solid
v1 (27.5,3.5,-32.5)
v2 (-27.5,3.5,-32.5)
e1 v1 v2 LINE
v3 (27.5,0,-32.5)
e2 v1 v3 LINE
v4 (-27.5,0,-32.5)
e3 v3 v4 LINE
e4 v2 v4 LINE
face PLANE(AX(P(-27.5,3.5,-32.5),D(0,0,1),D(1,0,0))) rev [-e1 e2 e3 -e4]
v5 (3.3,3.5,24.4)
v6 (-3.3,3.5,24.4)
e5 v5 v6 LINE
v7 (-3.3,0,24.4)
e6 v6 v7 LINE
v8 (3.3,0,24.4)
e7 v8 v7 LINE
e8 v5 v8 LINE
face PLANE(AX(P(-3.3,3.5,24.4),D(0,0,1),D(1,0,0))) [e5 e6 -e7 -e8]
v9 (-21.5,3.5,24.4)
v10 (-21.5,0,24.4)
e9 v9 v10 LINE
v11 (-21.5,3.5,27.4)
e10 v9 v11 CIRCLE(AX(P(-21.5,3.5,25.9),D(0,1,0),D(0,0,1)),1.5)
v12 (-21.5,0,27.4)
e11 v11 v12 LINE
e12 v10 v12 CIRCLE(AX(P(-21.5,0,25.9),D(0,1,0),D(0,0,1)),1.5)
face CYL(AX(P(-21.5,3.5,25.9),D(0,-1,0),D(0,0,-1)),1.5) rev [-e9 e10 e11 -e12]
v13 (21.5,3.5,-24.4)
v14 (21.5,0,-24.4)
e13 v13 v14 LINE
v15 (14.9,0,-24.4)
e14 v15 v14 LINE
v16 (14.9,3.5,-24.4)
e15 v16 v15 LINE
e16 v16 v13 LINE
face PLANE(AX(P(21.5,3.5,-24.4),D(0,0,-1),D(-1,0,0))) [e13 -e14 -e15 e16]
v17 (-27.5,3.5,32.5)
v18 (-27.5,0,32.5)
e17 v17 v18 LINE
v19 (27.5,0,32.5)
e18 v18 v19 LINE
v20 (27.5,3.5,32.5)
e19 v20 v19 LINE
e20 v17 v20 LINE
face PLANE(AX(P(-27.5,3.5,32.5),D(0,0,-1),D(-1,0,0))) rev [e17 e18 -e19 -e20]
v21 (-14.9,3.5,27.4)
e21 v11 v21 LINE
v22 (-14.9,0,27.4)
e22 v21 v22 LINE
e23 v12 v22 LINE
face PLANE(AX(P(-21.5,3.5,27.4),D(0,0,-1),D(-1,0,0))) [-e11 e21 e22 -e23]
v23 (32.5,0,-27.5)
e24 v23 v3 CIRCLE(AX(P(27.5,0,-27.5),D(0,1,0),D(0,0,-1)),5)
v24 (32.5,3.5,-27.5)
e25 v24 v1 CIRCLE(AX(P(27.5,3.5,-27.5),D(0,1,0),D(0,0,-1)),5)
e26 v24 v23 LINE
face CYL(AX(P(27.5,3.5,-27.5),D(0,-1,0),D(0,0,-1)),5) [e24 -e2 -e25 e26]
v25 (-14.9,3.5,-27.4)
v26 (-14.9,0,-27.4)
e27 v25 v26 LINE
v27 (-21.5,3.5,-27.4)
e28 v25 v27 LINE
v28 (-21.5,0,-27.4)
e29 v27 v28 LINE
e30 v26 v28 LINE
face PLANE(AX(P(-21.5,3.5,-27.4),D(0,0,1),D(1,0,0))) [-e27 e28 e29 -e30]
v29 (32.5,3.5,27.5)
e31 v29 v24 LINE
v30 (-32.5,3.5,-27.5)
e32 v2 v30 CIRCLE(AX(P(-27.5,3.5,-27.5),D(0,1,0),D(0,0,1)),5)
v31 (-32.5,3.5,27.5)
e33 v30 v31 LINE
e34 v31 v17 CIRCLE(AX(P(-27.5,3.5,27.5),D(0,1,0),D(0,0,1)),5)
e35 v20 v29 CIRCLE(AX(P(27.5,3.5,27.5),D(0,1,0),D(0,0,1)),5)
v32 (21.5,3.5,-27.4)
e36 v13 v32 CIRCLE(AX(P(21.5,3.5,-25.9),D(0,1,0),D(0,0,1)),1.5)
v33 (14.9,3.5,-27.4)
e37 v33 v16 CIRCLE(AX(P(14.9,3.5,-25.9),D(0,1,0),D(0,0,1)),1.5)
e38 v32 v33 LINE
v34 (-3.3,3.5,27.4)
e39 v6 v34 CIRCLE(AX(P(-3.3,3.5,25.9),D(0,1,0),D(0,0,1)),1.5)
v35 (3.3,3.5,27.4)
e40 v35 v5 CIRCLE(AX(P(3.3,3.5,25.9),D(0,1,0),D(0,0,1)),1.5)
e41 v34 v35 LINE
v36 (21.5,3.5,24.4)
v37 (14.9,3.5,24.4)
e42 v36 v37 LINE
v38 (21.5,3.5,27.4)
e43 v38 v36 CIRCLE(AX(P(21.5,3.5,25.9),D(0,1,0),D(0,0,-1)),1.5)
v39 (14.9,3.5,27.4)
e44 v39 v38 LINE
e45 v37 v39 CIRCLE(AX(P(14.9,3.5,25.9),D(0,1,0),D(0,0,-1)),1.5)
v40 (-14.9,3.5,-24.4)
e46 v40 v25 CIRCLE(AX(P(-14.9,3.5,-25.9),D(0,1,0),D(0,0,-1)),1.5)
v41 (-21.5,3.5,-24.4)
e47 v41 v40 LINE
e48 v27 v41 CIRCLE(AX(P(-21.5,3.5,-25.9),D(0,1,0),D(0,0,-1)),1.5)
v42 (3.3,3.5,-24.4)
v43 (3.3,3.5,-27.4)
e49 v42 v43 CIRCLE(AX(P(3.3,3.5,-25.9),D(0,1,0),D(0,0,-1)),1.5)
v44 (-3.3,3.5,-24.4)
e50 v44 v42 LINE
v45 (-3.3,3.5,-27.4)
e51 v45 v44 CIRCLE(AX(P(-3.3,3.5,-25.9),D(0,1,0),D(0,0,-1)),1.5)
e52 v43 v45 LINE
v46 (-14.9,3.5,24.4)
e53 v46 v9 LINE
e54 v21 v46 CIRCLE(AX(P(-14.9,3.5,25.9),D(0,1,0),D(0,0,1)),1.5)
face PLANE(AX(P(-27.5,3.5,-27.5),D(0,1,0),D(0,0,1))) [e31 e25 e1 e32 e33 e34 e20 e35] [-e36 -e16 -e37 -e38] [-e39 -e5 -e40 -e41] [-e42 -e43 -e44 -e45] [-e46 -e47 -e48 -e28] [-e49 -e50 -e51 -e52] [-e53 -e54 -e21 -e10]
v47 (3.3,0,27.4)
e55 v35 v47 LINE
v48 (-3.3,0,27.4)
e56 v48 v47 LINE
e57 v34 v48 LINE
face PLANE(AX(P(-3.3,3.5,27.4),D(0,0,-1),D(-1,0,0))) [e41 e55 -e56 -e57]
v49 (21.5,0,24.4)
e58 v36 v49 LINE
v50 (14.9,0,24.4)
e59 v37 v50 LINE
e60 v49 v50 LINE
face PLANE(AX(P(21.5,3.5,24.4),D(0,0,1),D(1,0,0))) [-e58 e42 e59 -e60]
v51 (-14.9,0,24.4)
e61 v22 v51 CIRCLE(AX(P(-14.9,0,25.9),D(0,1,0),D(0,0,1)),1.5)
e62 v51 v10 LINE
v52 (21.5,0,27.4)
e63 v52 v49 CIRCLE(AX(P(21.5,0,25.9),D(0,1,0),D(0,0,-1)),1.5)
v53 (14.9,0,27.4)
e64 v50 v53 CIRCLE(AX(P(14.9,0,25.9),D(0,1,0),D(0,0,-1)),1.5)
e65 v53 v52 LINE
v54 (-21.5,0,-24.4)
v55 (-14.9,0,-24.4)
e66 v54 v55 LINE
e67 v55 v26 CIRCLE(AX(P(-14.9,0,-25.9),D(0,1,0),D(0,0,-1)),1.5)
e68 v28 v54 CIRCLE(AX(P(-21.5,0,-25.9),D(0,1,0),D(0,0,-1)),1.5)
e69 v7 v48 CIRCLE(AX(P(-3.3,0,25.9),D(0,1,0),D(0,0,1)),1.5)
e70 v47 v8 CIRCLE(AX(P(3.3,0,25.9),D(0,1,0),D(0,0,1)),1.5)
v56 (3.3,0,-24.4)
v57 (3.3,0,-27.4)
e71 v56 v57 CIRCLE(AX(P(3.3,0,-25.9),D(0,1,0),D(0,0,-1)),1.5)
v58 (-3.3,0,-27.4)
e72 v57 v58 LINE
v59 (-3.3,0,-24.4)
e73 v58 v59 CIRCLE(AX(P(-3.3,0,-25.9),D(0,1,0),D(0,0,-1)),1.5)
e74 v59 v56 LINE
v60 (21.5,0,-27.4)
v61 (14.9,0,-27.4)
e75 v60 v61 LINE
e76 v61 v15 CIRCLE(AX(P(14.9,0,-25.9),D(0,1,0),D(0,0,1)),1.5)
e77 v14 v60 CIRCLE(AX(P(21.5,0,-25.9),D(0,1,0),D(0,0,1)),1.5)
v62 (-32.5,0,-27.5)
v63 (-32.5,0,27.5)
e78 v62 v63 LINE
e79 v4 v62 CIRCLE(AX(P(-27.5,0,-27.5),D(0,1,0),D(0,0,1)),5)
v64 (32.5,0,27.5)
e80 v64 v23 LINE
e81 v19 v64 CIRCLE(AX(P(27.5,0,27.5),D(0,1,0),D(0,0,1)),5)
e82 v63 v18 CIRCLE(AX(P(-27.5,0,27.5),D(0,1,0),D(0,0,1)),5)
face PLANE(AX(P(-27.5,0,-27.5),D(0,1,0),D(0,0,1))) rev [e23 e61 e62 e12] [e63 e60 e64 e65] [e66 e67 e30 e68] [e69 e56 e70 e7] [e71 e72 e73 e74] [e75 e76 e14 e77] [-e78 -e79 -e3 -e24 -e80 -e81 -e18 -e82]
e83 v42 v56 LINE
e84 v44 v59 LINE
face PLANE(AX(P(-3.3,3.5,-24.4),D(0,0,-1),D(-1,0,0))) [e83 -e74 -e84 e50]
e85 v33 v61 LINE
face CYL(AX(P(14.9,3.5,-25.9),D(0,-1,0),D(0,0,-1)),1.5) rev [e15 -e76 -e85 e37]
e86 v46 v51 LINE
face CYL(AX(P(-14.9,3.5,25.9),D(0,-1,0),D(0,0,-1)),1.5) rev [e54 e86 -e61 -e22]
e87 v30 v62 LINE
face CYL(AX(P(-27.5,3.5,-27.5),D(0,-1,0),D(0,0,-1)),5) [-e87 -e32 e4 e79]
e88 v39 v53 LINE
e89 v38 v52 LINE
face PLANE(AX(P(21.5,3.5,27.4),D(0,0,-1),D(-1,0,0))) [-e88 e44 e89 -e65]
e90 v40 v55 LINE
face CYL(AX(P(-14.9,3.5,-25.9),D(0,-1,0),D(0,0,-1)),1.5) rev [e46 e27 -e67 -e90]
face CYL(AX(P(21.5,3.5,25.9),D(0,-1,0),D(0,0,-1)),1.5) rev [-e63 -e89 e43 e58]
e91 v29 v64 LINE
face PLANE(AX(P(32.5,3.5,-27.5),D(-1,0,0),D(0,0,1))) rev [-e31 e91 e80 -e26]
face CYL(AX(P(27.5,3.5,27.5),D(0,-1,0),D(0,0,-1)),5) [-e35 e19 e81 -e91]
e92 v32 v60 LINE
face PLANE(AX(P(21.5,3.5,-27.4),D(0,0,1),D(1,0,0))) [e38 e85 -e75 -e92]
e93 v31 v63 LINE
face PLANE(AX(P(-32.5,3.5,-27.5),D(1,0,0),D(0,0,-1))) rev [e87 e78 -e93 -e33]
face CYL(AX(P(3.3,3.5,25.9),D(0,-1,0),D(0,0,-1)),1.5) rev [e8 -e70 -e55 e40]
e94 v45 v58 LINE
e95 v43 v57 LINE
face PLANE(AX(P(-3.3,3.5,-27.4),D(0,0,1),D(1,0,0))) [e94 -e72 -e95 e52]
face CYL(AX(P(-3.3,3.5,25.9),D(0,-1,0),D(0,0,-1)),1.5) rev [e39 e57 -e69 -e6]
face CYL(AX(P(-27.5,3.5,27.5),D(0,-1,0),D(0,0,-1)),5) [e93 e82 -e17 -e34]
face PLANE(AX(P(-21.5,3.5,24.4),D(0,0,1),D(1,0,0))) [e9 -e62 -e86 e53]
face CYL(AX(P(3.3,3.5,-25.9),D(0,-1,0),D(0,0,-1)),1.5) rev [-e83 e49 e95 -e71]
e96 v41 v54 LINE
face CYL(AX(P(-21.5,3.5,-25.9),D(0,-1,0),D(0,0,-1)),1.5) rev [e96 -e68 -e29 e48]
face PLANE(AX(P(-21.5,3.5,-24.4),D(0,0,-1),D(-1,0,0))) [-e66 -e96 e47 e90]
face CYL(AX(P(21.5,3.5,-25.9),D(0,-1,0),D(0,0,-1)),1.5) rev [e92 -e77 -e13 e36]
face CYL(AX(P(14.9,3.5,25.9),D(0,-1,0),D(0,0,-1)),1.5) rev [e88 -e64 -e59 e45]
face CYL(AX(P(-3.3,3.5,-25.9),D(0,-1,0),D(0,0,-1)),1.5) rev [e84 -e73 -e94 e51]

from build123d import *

# Parameters (mm, degrees)
BOSS_EXTRUDE1_DEPTH = 3.5


with BuildPart() as part:
    # Sketch1 → Boss-Extrude1 (new body)
    with BuildSketch(Plane(origin=(0, 0, 0), x_dir=(1, 0, 0), z_dir=(0, 1, 0))):
        with BuildLine():
            Line((-27.5, 32.5), (27.5, 32.5))
            ThreePointArc((27.5, 32.5), (31.035533906, 31.035533906), (32.5, 27.5))
            Line((32.5, 27.5), (32.5, -27.5))
            ThreePointArc((32.5, -27.5), (31.035533906, -31.035533906), (27.5, -32.5))
            Line((27.5, -32.5), (-27.5, -32.5))
            ThreePointArc((-27.5, -32.5), (-31.035533906, -31.035533906), (-32.5, -27.5))
            Line((-32.5, -27.5), (-32.5, 27.5))
            ThreePointArc((-32.5, 27.5), (-31.035533906, 31.035533906), (-27.5, 32.5))
        make_face()
        with BuildLine():
            Line((-21.5, -24.4), (-14.9, -24.4))
            ThreePointArc((-14.9, -24.4), (-13.4, -25.9), (-14.9, -27.4))
            Line((-14.9, -27.4), (-21.5, -27.4))
            ThreePointArc((-21.5, -27.4), (-23, -25.9), (-21.5, -24.4))
        make_face(mode=Mode.SUBTRACT)
        with BuildLine():
            Line((21.5, -27.4), (14.9, -27.4))
            ThreePointArc((14.9, -27.4), (13.4, -25.9), (14.9, -24.4))
            Line((14.9, -24.4), (21.5, -24.4))
            ThreePointArc((21.5, -24.4), (23, -25.9), (21.5, -27.4))
        make_face(mode=Mode.SUBTRACT)
        with BuildLine():
            Line((21.5, 24.4), (14.9, 24.4))
            ThreePointArc((14.9, 24.4), (13.4, 25.9), (14.9, 27.4))
            Line((14.9, 27.4), (21.5, 27.4))
            ThreePointArc((21.5, 27.4), (23, 25.9), (21.5, 24.4))
        make_face(mode=Mode.SUBTRACT)
        with BuildLine():
            Line((-21.5, 27.4), (-14.9, 27.4))
            ThreePointArc((-14.9, 27.4), (-13.4, 25.9), (-14.9, 24.4))
            Line((-14.9, 24.4), (-21.5, 24.4))
            ThreePointArc((-21.5, 24.4), (-23, 25.9), (-21.5, 27.4))
        make_face(mode=Mode.SUBTRACT)
        with BuildLine():
            Line((-3.3, -24.4), (3.3, -24.4))
            ThreePointArc((3.3, -24.4), (4.8, -25.9), (3.3, -27.4))
            Line((3.3, -27.4), (-3.3, -27.4))
            ThreePointArc((-3.3, -27.4), (-4.8, -25.9), (-3.3, -24.4))
        make_face(mode=Mode.SUBTRACT)
        with BuildLine():
            Line((-3.3, 27.4), (3.3, 27.4))
            ThreePointArc((3.3, 27.4), (4.8, 25.9), (3.3, 24.4))
            Line((3.3, 24.4), (-3.3, 24.4))
            ThreePointArc((-3.3, 24.4), (-4.8, 25.9), (-3.3, 27.4))
        make_face(mode=Mode.SUBTRACT)
    extrude(amount=BOSS_EXTRUDE1_DEPTH)


solid = part.part
